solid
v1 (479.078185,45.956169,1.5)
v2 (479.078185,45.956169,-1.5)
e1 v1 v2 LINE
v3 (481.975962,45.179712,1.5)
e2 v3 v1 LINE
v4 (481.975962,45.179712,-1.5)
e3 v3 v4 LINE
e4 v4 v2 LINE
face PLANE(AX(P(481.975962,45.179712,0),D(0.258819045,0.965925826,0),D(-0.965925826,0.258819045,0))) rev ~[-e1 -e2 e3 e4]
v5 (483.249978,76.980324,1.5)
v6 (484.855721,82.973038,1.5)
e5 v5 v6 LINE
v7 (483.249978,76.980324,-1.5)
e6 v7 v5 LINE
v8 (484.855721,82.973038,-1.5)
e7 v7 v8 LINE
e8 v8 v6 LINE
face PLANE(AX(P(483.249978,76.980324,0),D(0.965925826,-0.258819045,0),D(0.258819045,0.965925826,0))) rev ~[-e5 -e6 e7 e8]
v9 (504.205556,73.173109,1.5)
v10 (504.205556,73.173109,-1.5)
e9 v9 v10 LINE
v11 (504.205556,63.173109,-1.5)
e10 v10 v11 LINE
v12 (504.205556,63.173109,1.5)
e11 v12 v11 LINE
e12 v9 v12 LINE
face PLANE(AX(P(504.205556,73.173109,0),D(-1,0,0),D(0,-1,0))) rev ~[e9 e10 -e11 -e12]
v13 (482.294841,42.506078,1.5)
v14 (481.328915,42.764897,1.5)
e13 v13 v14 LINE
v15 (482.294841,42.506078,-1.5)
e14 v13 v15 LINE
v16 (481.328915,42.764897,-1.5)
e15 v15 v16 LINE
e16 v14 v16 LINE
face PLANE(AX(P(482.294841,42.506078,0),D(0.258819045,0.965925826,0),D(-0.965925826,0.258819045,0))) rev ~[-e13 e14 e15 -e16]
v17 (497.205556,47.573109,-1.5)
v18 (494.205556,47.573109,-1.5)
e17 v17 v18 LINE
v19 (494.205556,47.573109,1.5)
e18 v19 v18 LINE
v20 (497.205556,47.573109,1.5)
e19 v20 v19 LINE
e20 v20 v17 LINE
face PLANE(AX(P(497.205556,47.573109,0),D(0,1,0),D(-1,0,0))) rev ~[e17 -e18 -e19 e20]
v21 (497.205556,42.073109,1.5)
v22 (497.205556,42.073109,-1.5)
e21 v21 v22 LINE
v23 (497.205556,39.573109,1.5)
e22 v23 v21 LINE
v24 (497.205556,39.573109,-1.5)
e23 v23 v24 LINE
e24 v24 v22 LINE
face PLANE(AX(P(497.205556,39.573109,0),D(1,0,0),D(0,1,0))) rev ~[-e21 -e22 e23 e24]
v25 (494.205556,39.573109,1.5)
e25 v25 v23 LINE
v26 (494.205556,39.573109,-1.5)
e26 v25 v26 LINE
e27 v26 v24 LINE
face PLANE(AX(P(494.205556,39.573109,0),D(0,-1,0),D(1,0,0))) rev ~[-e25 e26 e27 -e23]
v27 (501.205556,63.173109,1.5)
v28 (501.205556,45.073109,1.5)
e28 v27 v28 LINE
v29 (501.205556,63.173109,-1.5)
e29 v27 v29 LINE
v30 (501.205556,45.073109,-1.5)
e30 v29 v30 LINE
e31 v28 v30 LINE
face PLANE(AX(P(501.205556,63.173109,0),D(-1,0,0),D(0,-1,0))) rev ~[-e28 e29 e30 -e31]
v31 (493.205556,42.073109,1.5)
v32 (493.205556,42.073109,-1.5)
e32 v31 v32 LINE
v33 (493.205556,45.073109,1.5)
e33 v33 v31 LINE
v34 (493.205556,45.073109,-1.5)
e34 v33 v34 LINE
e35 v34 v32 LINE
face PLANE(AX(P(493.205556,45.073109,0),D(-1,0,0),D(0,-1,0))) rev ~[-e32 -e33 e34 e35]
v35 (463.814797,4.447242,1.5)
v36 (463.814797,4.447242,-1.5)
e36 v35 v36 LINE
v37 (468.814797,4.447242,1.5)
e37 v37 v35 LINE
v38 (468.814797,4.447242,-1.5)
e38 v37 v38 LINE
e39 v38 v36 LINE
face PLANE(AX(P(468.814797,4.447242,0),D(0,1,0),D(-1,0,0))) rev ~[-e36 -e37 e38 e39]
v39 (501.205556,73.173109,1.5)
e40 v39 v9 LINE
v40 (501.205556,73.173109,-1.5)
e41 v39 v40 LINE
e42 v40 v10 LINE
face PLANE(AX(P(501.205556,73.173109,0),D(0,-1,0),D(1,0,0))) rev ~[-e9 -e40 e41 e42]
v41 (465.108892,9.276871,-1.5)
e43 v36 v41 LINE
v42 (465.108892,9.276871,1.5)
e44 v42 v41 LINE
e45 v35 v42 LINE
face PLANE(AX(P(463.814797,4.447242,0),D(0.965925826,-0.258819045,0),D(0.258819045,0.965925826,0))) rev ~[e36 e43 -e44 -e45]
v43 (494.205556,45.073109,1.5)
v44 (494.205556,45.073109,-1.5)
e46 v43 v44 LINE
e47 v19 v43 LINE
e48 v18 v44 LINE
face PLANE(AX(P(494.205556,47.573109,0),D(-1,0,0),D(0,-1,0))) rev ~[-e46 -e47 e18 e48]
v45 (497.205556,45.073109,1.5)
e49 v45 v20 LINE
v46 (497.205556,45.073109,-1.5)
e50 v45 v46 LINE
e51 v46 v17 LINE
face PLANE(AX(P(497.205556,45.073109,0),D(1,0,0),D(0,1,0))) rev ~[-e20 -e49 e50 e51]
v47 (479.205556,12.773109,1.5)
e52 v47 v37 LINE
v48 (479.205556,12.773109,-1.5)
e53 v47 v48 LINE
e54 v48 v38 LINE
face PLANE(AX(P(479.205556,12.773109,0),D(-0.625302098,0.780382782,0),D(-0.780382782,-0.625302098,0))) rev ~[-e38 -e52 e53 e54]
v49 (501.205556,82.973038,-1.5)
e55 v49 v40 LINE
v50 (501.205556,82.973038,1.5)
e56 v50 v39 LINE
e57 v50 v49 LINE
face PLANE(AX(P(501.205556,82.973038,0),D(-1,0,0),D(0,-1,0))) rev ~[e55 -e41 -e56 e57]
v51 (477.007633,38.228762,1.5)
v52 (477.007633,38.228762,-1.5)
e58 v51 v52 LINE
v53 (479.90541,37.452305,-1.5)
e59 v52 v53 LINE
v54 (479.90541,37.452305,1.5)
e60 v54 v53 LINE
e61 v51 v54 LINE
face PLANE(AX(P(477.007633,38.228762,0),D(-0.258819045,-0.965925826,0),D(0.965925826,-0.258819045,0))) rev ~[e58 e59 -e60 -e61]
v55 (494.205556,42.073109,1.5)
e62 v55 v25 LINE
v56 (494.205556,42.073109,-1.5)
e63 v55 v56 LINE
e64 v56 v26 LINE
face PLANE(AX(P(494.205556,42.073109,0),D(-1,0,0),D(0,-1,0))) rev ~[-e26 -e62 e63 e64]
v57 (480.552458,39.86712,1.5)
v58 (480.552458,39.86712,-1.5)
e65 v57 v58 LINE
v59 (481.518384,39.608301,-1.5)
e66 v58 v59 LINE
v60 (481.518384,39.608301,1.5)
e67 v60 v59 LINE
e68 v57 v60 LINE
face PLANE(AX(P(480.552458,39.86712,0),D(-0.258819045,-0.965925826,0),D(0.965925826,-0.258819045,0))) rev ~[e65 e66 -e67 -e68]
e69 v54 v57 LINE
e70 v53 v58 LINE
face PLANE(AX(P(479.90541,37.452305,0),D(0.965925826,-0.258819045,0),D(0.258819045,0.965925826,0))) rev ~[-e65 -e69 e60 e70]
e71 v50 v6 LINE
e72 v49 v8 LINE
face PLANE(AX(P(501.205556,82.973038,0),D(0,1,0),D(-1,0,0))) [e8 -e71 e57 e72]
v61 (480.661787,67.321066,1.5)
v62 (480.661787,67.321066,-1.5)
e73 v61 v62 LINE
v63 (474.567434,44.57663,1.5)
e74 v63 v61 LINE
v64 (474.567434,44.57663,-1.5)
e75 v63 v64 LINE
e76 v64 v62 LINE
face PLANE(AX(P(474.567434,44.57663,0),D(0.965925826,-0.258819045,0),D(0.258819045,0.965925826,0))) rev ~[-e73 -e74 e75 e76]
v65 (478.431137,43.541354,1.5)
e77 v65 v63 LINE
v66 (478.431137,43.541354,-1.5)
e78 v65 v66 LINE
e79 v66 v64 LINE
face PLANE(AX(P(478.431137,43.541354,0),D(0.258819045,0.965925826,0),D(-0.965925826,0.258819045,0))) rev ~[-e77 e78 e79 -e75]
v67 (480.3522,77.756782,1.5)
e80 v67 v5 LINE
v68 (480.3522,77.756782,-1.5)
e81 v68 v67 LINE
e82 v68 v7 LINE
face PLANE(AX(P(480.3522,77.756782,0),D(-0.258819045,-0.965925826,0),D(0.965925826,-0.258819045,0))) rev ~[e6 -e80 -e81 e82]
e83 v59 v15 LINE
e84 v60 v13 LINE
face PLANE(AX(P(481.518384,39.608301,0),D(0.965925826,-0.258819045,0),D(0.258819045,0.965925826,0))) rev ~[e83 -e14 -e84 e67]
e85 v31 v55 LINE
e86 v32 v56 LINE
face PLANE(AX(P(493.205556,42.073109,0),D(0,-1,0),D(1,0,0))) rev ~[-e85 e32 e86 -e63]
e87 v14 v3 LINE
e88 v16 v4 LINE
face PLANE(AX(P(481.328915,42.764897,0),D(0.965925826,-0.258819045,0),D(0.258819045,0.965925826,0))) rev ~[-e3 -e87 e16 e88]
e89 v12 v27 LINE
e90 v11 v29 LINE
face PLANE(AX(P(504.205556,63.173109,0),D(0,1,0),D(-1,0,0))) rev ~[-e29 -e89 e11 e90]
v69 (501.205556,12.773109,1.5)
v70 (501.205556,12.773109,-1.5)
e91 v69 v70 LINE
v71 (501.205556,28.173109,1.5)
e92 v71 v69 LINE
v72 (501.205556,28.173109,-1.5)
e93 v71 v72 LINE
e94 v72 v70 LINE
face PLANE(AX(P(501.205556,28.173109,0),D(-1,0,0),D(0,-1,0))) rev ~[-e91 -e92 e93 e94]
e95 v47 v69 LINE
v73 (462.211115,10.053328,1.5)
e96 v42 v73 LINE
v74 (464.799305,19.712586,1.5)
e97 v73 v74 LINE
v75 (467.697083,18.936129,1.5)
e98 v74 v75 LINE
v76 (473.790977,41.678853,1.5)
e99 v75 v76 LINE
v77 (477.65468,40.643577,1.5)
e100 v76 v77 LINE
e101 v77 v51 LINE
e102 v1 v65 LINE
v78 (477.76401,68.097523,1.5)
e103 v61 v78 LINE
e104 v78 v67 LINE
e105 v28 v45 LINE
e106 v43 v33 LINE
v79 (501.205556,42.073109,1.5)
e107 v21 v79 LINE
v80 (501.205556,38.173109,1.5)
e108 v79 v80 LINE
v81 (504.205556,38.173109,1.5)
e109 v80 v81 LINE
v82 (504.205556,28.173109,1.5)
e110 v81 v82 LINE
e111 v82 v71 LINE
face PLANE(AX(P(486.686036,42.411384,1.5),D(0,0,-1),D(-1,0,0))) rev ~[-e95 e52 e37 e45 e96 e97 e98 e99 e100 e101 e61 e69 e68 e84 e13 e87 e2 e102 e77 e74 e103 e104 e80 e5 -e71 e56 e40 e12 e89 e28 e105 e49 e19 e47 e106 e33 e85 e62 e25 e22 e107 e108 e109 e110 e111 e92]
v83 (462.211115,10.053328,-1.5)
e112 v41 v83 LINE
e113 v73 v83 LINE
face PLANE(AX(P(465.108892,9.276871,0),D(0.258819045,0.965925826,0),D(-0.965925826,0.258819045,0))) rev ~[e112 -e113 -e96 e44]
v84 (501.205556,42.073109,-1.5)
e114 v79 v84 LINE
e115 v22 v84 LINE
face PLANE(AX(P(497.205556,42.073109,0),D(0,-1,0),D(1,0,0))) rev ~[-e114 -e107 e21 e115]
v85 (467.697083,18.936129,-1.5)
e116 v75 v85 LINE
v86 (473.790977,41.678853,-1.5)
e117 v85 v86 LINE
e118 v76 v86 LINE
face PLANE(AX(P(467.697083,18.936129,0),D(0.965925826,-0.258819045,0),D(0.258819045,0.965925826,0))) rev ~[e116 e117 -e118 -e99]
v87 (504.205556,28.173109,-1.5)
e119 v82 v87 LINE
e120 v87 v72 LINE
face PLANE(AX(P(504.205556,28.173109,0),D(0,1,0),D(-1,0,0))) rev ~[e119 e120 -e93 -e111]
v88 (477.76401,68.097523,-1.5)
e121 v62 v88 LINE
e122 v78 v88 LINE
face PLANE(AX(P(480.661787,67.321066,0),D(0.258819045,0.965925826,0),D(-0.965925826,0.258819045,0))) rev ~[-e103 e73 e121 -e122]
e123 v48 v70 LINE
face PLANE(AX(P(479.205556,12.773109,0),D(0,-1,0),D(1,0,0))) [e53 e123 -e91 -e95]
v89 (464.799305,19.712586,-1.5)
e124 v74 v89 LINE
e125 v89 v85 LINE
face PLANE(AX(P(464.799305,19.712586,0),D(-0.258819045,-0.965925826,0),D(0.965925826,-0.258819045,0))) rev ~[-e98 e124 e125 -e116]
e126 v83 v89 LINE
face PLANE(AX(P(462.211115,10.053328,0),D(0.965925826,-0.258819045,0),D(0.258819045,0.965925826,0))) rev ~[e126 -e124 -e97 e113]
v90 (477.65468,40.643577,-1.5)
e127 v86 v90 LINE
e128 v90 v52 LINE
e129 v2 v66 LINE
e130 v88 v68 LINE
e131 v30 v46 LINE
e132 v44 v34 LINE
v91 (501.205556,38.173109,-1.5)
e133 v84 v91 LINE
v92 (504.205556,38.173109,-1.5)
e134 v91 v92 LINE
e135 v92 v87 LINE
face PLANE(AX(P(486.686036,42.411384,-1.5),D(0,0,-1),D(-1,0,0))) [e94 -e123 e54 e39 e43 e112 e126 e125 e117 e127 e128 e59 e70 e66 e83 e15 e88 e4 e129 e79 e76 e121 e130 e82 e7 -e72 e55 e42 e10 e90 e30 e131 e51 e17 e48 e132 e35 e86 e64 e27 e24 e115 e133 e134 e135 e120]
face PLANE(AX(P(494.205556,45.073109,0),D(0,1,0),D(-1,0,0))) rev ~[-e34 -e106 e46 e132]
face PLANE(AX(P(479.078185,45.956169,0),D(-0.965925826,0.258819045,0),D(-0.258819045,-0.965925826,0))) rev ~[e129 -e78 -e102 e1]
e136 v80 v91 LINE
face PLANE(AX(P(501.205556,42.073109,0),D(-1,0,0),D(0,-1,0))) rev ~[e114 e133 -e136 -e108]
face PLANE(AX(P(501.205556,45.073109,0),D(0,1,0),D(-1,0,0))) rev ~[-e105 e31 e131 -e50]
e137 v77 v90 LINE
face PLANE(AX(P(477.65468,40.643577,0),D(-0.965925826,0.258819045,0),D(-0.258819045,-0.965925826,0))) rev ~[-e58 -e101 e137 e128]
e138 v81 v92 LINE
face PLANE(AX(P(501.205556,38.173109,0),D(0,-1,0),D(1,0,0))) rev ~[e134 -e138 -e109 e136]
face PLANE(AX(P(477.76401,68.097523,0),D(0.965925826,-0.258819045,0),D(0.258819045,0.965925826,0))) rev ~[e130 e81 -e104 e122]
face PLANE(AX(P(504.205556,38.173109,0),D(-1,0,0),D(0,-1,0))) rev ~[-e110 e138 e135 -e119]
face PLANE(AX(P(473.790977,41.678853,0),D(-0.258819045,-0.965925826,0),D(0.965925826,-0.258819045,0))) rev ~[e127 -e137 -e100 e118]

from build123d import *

# Parameters (mm, degrees)
SALIENTE_EXTRUIR1_DEPTH = 1.5


with BuildPart() as part:
    # Croquis1 → Saliente-Extruir1 (new, symmetric)
    with BuildSketch(Plane.XY):
        Polygon((484.855720511, 82.973038085), (491.215178715, 82.973038085), (501.205555648, 82.973038085), (501.205555648, 73.173108985), (504.205555648, 73.173108985), (504.205555648, 63.173108985), (501.205555648, 63.173108985), (501.205555648, 45.073108985), (497.205555648, 45.073108985), (497.205555648, 47.573108985), (494.205555648, 47.573108985), (494.205555648, 45.073108985), (493.205555648, 45.073108985), (493.205555648, 42.073108985), (494.205555648, 42.073108985), (494.205555648, 39.573108985), (497.205555648, 39.573108985), (497.205555648, 42.073108985), (501.205555648, 42.073108985), (501.205555648, 38.173108985), (504.205555648, 38.173108985), (504.205555648, 28.173108985), (501.205555648, 28.173108985), (501.205555648, 12.773108985), (494.855720505, 12.773108985), (479.205555648, 12.773108985), (468.814796849, 4.447241951), (463.814796852, 4.447241951), (465.108892077, 9.276871079), (462.2111146, 10.053328214), (464.799305049, 19.712586471), (467.697082526, 18.936129336), (473.790976943, 41.678852916), (477.654680248, 40.643576736), (477.007632636, 38.22876217), (479.905410114, 37.452305035), (480.552457727, 39.867119601), (481.518383553, 39.608300556), (482.294840689, 42.506078034), (481.328914862, 42.764897079), (481.975962475, 45.179711645), (479.078184996, 45.956168781), (478.431137384, 43.541354215), (474.567434078, 44.576630395), (480.661787289, 67.321066215), (477.764009811, 68.097523349), (480.352200261, 77.756781606), (483.249977738, 76.980324471), align=None)
    extrude(amount=SALIENTE_EXTRUIR1_DEPTH, both=True)


solid = part.part
